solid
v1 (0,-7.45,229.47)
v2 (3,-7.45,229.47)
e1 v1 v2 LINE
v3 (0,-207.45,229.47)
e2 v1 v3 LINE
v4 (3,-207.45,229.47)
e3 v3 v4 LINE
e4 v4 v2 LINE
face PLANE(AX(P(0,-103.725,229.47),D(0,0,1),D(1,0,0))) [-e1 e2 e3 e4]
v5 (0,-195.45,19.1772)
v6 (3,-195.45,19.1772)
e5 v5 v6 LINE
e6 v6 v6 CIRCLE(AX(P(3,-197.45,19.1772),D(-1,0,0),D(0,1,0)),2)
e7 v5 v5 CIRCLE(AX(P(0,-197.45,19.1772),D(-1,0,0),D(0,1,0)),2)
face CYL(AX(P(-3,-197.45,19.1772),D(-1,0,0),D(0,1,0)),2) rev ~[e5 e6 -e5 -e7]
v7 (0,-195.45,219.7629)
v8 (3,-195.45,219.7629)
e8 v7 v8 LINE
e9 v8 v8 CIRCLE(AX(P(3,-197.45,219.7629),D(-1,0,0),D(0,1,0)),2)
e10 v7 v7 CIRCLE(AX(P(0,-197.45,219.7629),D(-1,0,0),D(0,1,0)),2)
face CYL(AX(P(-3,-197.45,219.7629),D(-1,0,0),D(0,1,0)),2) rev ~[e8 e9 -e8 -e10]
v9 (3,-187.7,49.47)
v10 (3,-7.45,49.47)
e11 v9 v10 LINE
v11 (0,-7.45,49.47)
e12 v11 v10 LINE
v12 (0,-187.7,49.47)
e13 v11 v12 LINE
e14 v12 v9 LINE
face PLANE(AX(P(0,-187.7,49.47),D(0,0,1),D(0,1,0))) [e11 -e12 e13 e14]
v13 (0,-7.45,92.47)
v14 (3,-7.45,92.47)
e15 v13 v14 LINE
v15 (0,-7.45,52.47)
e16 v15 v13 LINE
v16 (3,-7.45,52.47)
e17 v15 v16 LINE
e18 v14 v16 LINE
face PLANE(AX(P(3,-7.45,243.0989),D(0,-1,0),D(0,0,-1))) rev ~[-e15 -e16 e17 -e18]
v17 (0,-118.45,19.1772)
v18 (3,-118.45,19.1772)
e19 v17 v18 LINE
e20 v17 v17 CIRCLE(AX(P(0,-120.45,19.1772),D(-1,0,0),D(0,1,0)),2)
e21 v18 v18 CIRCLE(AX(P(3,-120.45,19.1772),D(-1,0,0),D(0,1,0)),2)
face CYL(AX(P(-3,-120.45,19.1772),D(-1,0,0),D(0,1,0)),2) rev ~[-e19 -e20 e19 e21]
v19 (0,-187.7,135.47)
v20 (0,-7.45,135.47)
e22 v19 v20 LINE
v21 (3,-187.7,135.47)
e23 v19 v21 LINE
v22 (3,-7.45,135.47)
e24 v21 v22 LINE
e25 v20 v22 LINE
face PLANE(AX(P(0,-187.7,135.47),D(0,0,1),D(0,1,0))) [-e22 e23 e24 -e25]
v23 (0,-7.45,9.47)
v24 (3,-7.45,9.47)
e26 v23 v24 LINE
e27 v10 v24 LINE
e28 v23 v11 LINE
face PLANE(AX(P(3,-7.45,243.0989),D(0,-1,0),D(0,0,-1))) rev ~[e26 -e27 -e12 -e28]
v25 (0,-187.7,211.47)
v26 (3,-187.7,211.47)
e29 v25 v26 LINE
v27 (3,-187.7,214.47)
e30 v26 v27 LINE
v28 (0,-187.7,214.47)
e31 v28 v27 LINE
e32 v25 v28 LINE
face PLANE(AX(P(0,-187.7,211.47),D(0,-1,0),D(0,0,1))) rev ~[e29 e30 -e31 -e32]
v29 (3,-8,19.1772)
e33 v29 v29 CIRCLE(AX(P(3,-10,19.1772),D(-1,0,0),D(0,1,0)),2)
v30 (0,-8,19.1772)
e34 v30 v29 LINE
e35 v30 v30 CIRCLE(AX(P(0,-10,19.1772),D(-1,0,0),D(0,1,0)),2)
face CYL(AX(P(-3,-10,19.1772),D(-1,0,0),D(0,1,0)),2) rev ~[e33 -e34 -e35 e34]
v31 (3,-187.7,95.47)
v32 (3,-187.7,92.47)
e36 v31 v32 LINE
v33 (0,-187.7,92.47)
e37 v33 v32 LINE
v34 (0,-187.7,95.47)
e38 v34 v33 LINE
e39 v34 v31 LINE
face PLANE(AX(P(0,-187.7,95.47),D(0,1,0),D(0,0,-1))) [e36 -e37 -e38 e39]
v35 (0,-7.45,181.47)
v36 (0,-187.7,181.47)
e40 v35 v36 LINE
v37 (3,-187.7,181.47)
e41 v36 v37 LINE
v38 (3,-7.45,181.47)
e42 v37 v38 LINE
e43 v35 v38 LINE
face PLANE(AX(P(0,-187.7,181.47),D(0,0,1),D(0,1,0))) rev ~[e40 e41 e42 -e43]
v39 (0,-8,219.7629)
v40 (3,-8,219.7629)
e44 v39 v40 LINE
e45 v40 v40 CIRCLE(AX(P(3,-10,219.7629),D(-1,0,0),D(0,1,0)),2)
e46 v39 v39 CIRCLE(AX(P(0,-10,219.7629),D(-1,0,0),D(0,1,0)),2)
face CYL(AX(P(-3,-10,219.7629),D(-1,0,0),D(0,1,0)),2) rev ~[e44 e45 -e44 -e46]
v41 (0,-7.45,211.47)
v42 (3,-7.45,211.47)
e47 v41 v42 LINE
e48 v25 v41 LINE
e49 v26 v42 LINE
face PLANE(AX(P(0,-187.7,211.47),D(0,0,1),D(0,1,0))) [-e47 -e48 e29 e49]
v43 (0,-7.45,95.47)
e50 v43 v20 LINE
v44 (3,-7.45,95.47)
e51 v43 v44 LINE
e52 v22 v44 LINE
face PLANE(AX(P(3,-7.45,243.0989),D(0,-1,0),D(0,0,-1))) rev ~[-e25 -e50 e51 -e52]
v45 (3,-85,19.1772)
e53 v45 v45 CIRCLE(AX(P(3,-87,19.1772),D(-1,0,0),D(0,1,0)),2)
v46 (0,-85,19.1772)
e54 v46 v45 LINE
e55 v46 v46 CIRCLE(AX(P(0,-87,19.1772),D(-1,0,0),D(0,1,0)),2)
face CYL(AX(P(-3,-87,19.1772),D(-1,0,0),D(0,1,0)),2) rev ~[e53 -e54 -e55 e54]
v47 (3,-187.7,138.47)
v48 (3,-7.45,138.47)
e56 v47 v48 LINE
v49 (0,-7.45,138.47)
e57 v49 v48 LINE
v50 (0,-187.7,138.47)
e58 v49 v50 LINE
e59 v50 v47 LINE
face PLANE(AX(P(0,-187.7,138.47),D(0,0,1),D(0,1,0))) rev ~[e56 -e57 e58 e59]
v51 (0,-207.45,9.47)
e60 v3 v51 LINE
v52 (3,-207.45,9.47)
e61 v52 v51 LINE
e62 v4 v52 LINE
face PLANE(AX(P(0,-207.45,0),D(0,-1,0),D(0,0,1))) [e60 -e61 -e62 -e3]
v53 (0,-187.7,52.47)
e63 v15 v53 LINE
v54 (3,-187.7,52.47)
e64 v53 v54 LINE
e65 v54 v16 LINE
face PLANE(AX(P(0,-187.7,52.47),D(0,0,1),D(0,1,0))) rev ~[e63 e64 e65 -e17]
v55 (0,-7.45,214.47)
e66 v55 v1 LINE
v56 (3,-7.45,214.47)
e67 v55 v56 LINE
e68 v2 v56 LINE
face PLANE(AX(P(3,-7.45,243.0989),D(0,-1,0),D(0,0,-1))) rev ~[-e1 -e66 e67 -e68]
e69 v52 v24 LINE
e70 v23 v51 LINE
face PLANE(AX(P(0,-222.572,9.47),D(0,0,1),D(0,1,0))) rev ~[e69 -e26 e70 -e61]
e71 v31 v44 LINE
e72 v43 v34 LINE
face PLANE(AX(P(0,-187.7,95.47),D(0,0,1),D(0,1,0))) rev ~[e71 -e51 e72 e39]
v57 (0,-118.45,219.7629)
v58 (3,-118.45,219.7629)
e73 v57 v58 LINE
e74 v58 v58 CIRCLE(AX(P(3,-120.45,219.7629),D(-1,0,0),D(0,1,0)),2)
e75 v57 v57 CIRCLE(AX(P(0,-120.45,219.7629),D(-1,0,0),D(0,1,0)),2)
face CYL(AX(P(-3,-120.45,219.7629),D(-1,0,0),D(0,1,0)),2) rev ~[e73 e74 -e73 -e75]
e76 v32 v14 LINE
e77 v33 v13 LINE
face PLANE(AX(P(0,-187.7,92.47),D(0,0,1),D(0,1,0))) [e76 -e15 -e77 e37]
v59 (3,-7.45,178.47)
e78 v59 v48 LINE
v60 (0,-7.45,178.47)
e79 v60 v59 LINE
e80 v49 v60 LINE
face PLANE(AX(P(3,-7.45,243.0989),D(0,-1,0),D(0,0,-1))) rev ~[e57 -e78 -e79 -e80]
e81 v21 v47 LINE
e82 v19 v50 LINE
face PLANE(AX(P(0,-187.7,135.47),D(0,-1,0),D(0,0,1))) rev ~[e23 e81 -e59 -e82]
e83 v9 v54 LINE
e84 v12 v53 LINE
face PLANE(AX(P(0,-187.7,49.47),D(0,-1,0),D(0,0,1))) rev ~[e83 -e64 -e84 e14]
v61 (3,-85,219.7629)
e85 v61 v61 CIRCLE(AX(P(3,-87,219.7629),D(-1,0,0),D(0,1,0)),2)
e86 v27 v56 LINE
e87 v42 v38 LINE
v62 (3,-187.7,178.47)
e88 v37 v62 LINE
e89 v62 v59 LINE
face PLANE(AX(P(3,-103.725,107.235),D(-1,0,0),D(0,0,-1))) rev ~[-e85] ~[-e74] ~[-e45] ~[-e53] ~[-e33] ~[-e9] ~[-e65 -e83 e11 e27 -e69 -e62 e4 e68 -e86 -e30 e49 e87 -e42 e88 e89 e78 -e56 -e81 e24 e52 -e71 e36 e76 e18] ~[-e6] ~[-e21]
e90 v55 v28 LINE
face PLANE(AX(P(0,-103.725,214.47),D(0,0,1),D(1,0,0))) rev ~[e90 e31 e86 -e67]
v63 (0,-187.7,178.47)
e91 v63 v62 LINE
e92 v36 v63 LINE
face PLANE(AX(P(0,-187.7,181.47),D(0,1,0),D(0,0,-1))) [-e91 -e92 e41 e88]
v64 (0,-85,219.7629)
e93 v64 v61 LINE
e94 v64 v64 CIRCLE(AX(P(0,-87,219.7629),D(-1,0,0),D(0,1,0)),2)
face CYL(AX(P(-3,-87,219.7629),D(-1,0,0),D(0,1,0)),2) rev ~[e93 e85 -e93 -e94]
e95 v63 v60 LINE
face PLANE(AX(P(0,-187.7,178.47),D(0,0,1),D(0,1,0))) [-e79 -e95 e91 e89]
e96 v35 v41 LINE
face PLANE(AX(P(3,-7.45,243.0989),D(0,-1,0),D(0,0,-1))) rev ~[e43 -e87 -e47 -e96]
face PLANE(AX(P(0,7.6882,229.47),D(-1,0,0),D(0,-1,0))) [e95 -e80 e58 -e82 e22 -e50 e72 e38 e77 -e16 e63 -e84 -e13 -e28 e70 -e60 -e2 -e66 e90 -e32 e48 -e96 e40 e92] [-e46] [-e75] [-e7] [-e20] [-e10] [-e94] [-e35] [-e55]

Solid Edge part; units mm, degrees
sketch "Sketch1" plane through (0, 0, 0) normal (-1, 0, 0) x (0, -1, 0)
  line L0 (0, 0) -> (207.45, 0)
  line L1 (207.45, 0) -> (207.45, 214.47)
  line L2 (207.45, 214.47) -> (0, 214.47)
  line L3 (0, 214.47) -> (0, 0)
  dimension "D1" = 207.45
  dimension "D2" = 214.47
extrude "Protrusion1" add sketch "Sketch1" against normal blind 3
sketch "Sketch2" plane through (0, -103.725, 107.235) normal (-1, 0, 0) x (0, 1, 0)
  line L0 (-83.975, -28.235) -> (114.48, -28.235)
  line L1 (114.48, -28.235) -> (114.48, -31.235)
  line L2 (-83.975, -31.235) -> (114.48, -31.235)
  line L3 (-83.975, -28.235) -> (-83.975, -31.235)
  line L4 (-83.975, 11.765) -> (114.48, 11.765)
  line L5 (114.48, 11.765) -> (114.48, 14.765)
  line L6 (-83.975, 14.765) -> (114.48, 14.765)
  line L7 (-83.975, 11.765) -> (-83.975, 14.765)
  line L8 (-83.975, 57.765) -> (114.48, 57.765)
  line L9 (114.48, 57.765) -> (114.48, 54.765)
  line L10 (-83.975, 54.765) -> (114.48, 54.765)
  line L11 (-83.975, 57.765) -> (-83.975, 54.765)
  line L12 (-83.975, -74.235) -> (114.48, -74.235)
  line L13 (114.48, -74.235) -> (114.48, -71.235)
  line L14 (-83.975, -71.235) -> (114.48, -71.235)
  line L15 (-83.975, -74.235) -> (-83.975, -71.235)
  line L16 (-83.975, -104.235) -> (114.48, -104.235)
  line L17 (114.48, -104.235) -> (114.48, -107.235)
  line L18 (-83.975, -107.235) -> (114.48, -107.235)
  line L19 (-83.975, -104.235) -> (-83.975, -107.235)
  dimension "D1" = 214.47
  dimension "D2" = 207.45
  dimension "D3" = 198.455
  dimension "D4" = 3
  dimension "D5" = 3
  dimension "D6" = 40
  dimension "D7" = 40
  dimension "D8" = 3
  dimension "D9" = 3
  dimension "D10" = 3
  dimension "D11" = 3
extrude "Cutout1" cut sketch "Sketch2" against normal blind 10
sketch "Sketch3" plane through (0, -103.725, 107.235) normal (-1, 0, 0) x (0, 1, 0)
  line L0 (-118.847, 97.765) -> (179.5114, 97.765)
  line L1 (191.0928, 110.2989) -> (179.5114, 97.765)
  line L2 (-118.847, 116.9168) -> (191.0928, 110.2989)
  line L3 (-118.847, 97.765) -> (-118.847, 116.9168)
  dimension "D1" = 298.3584
  dimension "D2" = 40
  dimension "D3" = 19.1518
  dimension "D4" = 310.0104
  dimension "D5" = 17.0653
extrude "Cutout2" cut sketch "Sketch3" against normal blind 37
sketch "Sketch4" plane through (0, -103.725, 111.97) normal (-1, 0, 0) x (0, 1, 0)
  line L0 (-103.725, 102.5) -> (-103.725, -102.5)
  line L1 (-103.725, -102.5) -> (83.725, -102.5)
  line L2 (83.725, -102.5) -> (83.725, -99.5)
  line L3 (83.725, -99.5) -> (103.725, -99.5)
  line L4 (103.725, -99.5) -> (103.725, -69.5)
  line L5 (83.725, -69.5) -> (103.725, -69.5)
  line L6 (83.725, -66.5) -> (83.725, -69.5)
  line L7 (83.725, -66.5) -> (103.725, -66.5)
  line L8 (103.725, -66.5) -> (103.725, -26.5)
  line L9 (83.725, -26.5) -> (103.725, -26.5)
  line L10 (83.725, -23.5) -> (83.725, -26.5)
  line L11 (83.725, -23.5) -> (103.725, -23.5)
  line L12 (103.725, -23.5) -> (103.725, 16.5)
  line L13 (83.725, 16.5) -> (103.725, 16.5)
  line L14 (83.725, 19.5) -> (83.725, 16.5)
  line L15 (83.725, 19.5) -> (103.725, 19.5)
  line L16 (103.725, 19.5) -> (103.725, 59.5)
  line L17 (83.725, 59.5) -> (103.725, 59.5)
  line L18 (83.725, 62.5) -> (83.725, 59.5)
  line L19 (83.725, 62.5) -> (103.725, 62.5)
  line L20 (103.725, 62.5) -> (103.725, 102.5)
  line L21 (32.3413, 102.5) -> (103.725, 102.5)
  line L22 (-103.725, 102.5) -> (32.3413, 102.5)
  dimension "D1" = 187.45
  dimension "D2" = 159
  dimension "D3" = 20
  dimension "D4" = 20
  dimension "D5" = 20
  dimension "D6" = 20
  dimension "D7" = 3
  dimension "D8" = 20
  dimension "D9" = 20
  dimension "D10" = 20
  dimension "D11" = 20
  dimension "D12" = 20
  dimension "D13" = 71.3837
extrude "Protrusion2" add sketch "Sketch4" along normal blind 3
sketch "Sketch5" plane through (0, -113.725, 214.47) normal (0, 0, 1) x (0, 1, 0)
  line L0 (-93.725, -3) -> (113.725, -3)
  line L1 (113.725, -3) -> (113.725, 3)
  line L2 (113.725, 3) -> (-93.725, 3)
  line L3 (-93.725, 3) -> (-93.725, -3)
  dimension "D1" = 207.45
  dimension "D2" = 6
extrude "Protrusion3" add sketch "Sketch5" along normal blind 15
sketch "Sketch6" plane through (-3, -103.725, 111.8236) normal (-1, 0, 0) x (0, 1, 0)
  circle A0 centre (93.725, 92.6464) radius 2
  circle A1 centre (16.725, 92.6464) radius 2
  circle A2 centre (-16.725, 92.6464) radius 2
  circle A3 centre (-93.725, -107.9393) radius 2
  circle A4 centre (93.725, -107.9393) radius 2
  circle A5 centre (16.725, -107.9393) radius 2
  circle A6 centre (-16.725, -107.9393) radius 2
  circle A7 centre (-93.725, 92.6464) radius 2
  dimension "D1" = 10
  dimension "D2" = 10
  dimension "D3" = 4
  dimension "D4" = 10
  dimension "D5" = 10
  dimension "D6" = 207.45
  dimension "D7" = 220
extrude "Cutout3" cut sketch "Sketch6" against normal blind 10
sketch "Sketch7" plane through (0, -103.725, 229.47) normal (0, 0, 1) x (0, 1, 0)
  line L0 (-110.3839, 0) -> (-110.3839, 8.5479)
  line L1 (-110.3839, 8.5479) -> (109.9811, 8.5479)
  line L2 (109.9811, 8.5479) -> (111.4132, 0)
  line L3 (111.4132, 0) -> (-110.3839, 0)
  dimension "D1" = 8.5479
  dimension "D2" = 220.365
  dimension "D3" = 8.667
extrude "ExtrudedCutout_41" cut sketch "Sketch7" against normal blind 407
sketch "Sketch8" plane through (3, -103.725, 119.47) normal (1, 0, 0) x (0, 1, 0)
  line L0 (96.275, 123.6289) -> (96.275, -147.9139)
  line L1 (117.9514, -132.6396) -> (96.275, -147.9139)
  line L2 (117.9514, 110.6175) -> (117.9514, -132.6396)
  line L3 (96.275, 123.6289) -> (117.9514, 110.6175)
  dimension "D1" = 271.5429
  dimension "D2" = 200
  dimension "D3" = 25.2817
  dimension "D4" = 243.2571
  dimension "D5" = 26.5174
extrude "ExtrudedCutout_42" cut sketch "Sketch8" against normal blind 43
